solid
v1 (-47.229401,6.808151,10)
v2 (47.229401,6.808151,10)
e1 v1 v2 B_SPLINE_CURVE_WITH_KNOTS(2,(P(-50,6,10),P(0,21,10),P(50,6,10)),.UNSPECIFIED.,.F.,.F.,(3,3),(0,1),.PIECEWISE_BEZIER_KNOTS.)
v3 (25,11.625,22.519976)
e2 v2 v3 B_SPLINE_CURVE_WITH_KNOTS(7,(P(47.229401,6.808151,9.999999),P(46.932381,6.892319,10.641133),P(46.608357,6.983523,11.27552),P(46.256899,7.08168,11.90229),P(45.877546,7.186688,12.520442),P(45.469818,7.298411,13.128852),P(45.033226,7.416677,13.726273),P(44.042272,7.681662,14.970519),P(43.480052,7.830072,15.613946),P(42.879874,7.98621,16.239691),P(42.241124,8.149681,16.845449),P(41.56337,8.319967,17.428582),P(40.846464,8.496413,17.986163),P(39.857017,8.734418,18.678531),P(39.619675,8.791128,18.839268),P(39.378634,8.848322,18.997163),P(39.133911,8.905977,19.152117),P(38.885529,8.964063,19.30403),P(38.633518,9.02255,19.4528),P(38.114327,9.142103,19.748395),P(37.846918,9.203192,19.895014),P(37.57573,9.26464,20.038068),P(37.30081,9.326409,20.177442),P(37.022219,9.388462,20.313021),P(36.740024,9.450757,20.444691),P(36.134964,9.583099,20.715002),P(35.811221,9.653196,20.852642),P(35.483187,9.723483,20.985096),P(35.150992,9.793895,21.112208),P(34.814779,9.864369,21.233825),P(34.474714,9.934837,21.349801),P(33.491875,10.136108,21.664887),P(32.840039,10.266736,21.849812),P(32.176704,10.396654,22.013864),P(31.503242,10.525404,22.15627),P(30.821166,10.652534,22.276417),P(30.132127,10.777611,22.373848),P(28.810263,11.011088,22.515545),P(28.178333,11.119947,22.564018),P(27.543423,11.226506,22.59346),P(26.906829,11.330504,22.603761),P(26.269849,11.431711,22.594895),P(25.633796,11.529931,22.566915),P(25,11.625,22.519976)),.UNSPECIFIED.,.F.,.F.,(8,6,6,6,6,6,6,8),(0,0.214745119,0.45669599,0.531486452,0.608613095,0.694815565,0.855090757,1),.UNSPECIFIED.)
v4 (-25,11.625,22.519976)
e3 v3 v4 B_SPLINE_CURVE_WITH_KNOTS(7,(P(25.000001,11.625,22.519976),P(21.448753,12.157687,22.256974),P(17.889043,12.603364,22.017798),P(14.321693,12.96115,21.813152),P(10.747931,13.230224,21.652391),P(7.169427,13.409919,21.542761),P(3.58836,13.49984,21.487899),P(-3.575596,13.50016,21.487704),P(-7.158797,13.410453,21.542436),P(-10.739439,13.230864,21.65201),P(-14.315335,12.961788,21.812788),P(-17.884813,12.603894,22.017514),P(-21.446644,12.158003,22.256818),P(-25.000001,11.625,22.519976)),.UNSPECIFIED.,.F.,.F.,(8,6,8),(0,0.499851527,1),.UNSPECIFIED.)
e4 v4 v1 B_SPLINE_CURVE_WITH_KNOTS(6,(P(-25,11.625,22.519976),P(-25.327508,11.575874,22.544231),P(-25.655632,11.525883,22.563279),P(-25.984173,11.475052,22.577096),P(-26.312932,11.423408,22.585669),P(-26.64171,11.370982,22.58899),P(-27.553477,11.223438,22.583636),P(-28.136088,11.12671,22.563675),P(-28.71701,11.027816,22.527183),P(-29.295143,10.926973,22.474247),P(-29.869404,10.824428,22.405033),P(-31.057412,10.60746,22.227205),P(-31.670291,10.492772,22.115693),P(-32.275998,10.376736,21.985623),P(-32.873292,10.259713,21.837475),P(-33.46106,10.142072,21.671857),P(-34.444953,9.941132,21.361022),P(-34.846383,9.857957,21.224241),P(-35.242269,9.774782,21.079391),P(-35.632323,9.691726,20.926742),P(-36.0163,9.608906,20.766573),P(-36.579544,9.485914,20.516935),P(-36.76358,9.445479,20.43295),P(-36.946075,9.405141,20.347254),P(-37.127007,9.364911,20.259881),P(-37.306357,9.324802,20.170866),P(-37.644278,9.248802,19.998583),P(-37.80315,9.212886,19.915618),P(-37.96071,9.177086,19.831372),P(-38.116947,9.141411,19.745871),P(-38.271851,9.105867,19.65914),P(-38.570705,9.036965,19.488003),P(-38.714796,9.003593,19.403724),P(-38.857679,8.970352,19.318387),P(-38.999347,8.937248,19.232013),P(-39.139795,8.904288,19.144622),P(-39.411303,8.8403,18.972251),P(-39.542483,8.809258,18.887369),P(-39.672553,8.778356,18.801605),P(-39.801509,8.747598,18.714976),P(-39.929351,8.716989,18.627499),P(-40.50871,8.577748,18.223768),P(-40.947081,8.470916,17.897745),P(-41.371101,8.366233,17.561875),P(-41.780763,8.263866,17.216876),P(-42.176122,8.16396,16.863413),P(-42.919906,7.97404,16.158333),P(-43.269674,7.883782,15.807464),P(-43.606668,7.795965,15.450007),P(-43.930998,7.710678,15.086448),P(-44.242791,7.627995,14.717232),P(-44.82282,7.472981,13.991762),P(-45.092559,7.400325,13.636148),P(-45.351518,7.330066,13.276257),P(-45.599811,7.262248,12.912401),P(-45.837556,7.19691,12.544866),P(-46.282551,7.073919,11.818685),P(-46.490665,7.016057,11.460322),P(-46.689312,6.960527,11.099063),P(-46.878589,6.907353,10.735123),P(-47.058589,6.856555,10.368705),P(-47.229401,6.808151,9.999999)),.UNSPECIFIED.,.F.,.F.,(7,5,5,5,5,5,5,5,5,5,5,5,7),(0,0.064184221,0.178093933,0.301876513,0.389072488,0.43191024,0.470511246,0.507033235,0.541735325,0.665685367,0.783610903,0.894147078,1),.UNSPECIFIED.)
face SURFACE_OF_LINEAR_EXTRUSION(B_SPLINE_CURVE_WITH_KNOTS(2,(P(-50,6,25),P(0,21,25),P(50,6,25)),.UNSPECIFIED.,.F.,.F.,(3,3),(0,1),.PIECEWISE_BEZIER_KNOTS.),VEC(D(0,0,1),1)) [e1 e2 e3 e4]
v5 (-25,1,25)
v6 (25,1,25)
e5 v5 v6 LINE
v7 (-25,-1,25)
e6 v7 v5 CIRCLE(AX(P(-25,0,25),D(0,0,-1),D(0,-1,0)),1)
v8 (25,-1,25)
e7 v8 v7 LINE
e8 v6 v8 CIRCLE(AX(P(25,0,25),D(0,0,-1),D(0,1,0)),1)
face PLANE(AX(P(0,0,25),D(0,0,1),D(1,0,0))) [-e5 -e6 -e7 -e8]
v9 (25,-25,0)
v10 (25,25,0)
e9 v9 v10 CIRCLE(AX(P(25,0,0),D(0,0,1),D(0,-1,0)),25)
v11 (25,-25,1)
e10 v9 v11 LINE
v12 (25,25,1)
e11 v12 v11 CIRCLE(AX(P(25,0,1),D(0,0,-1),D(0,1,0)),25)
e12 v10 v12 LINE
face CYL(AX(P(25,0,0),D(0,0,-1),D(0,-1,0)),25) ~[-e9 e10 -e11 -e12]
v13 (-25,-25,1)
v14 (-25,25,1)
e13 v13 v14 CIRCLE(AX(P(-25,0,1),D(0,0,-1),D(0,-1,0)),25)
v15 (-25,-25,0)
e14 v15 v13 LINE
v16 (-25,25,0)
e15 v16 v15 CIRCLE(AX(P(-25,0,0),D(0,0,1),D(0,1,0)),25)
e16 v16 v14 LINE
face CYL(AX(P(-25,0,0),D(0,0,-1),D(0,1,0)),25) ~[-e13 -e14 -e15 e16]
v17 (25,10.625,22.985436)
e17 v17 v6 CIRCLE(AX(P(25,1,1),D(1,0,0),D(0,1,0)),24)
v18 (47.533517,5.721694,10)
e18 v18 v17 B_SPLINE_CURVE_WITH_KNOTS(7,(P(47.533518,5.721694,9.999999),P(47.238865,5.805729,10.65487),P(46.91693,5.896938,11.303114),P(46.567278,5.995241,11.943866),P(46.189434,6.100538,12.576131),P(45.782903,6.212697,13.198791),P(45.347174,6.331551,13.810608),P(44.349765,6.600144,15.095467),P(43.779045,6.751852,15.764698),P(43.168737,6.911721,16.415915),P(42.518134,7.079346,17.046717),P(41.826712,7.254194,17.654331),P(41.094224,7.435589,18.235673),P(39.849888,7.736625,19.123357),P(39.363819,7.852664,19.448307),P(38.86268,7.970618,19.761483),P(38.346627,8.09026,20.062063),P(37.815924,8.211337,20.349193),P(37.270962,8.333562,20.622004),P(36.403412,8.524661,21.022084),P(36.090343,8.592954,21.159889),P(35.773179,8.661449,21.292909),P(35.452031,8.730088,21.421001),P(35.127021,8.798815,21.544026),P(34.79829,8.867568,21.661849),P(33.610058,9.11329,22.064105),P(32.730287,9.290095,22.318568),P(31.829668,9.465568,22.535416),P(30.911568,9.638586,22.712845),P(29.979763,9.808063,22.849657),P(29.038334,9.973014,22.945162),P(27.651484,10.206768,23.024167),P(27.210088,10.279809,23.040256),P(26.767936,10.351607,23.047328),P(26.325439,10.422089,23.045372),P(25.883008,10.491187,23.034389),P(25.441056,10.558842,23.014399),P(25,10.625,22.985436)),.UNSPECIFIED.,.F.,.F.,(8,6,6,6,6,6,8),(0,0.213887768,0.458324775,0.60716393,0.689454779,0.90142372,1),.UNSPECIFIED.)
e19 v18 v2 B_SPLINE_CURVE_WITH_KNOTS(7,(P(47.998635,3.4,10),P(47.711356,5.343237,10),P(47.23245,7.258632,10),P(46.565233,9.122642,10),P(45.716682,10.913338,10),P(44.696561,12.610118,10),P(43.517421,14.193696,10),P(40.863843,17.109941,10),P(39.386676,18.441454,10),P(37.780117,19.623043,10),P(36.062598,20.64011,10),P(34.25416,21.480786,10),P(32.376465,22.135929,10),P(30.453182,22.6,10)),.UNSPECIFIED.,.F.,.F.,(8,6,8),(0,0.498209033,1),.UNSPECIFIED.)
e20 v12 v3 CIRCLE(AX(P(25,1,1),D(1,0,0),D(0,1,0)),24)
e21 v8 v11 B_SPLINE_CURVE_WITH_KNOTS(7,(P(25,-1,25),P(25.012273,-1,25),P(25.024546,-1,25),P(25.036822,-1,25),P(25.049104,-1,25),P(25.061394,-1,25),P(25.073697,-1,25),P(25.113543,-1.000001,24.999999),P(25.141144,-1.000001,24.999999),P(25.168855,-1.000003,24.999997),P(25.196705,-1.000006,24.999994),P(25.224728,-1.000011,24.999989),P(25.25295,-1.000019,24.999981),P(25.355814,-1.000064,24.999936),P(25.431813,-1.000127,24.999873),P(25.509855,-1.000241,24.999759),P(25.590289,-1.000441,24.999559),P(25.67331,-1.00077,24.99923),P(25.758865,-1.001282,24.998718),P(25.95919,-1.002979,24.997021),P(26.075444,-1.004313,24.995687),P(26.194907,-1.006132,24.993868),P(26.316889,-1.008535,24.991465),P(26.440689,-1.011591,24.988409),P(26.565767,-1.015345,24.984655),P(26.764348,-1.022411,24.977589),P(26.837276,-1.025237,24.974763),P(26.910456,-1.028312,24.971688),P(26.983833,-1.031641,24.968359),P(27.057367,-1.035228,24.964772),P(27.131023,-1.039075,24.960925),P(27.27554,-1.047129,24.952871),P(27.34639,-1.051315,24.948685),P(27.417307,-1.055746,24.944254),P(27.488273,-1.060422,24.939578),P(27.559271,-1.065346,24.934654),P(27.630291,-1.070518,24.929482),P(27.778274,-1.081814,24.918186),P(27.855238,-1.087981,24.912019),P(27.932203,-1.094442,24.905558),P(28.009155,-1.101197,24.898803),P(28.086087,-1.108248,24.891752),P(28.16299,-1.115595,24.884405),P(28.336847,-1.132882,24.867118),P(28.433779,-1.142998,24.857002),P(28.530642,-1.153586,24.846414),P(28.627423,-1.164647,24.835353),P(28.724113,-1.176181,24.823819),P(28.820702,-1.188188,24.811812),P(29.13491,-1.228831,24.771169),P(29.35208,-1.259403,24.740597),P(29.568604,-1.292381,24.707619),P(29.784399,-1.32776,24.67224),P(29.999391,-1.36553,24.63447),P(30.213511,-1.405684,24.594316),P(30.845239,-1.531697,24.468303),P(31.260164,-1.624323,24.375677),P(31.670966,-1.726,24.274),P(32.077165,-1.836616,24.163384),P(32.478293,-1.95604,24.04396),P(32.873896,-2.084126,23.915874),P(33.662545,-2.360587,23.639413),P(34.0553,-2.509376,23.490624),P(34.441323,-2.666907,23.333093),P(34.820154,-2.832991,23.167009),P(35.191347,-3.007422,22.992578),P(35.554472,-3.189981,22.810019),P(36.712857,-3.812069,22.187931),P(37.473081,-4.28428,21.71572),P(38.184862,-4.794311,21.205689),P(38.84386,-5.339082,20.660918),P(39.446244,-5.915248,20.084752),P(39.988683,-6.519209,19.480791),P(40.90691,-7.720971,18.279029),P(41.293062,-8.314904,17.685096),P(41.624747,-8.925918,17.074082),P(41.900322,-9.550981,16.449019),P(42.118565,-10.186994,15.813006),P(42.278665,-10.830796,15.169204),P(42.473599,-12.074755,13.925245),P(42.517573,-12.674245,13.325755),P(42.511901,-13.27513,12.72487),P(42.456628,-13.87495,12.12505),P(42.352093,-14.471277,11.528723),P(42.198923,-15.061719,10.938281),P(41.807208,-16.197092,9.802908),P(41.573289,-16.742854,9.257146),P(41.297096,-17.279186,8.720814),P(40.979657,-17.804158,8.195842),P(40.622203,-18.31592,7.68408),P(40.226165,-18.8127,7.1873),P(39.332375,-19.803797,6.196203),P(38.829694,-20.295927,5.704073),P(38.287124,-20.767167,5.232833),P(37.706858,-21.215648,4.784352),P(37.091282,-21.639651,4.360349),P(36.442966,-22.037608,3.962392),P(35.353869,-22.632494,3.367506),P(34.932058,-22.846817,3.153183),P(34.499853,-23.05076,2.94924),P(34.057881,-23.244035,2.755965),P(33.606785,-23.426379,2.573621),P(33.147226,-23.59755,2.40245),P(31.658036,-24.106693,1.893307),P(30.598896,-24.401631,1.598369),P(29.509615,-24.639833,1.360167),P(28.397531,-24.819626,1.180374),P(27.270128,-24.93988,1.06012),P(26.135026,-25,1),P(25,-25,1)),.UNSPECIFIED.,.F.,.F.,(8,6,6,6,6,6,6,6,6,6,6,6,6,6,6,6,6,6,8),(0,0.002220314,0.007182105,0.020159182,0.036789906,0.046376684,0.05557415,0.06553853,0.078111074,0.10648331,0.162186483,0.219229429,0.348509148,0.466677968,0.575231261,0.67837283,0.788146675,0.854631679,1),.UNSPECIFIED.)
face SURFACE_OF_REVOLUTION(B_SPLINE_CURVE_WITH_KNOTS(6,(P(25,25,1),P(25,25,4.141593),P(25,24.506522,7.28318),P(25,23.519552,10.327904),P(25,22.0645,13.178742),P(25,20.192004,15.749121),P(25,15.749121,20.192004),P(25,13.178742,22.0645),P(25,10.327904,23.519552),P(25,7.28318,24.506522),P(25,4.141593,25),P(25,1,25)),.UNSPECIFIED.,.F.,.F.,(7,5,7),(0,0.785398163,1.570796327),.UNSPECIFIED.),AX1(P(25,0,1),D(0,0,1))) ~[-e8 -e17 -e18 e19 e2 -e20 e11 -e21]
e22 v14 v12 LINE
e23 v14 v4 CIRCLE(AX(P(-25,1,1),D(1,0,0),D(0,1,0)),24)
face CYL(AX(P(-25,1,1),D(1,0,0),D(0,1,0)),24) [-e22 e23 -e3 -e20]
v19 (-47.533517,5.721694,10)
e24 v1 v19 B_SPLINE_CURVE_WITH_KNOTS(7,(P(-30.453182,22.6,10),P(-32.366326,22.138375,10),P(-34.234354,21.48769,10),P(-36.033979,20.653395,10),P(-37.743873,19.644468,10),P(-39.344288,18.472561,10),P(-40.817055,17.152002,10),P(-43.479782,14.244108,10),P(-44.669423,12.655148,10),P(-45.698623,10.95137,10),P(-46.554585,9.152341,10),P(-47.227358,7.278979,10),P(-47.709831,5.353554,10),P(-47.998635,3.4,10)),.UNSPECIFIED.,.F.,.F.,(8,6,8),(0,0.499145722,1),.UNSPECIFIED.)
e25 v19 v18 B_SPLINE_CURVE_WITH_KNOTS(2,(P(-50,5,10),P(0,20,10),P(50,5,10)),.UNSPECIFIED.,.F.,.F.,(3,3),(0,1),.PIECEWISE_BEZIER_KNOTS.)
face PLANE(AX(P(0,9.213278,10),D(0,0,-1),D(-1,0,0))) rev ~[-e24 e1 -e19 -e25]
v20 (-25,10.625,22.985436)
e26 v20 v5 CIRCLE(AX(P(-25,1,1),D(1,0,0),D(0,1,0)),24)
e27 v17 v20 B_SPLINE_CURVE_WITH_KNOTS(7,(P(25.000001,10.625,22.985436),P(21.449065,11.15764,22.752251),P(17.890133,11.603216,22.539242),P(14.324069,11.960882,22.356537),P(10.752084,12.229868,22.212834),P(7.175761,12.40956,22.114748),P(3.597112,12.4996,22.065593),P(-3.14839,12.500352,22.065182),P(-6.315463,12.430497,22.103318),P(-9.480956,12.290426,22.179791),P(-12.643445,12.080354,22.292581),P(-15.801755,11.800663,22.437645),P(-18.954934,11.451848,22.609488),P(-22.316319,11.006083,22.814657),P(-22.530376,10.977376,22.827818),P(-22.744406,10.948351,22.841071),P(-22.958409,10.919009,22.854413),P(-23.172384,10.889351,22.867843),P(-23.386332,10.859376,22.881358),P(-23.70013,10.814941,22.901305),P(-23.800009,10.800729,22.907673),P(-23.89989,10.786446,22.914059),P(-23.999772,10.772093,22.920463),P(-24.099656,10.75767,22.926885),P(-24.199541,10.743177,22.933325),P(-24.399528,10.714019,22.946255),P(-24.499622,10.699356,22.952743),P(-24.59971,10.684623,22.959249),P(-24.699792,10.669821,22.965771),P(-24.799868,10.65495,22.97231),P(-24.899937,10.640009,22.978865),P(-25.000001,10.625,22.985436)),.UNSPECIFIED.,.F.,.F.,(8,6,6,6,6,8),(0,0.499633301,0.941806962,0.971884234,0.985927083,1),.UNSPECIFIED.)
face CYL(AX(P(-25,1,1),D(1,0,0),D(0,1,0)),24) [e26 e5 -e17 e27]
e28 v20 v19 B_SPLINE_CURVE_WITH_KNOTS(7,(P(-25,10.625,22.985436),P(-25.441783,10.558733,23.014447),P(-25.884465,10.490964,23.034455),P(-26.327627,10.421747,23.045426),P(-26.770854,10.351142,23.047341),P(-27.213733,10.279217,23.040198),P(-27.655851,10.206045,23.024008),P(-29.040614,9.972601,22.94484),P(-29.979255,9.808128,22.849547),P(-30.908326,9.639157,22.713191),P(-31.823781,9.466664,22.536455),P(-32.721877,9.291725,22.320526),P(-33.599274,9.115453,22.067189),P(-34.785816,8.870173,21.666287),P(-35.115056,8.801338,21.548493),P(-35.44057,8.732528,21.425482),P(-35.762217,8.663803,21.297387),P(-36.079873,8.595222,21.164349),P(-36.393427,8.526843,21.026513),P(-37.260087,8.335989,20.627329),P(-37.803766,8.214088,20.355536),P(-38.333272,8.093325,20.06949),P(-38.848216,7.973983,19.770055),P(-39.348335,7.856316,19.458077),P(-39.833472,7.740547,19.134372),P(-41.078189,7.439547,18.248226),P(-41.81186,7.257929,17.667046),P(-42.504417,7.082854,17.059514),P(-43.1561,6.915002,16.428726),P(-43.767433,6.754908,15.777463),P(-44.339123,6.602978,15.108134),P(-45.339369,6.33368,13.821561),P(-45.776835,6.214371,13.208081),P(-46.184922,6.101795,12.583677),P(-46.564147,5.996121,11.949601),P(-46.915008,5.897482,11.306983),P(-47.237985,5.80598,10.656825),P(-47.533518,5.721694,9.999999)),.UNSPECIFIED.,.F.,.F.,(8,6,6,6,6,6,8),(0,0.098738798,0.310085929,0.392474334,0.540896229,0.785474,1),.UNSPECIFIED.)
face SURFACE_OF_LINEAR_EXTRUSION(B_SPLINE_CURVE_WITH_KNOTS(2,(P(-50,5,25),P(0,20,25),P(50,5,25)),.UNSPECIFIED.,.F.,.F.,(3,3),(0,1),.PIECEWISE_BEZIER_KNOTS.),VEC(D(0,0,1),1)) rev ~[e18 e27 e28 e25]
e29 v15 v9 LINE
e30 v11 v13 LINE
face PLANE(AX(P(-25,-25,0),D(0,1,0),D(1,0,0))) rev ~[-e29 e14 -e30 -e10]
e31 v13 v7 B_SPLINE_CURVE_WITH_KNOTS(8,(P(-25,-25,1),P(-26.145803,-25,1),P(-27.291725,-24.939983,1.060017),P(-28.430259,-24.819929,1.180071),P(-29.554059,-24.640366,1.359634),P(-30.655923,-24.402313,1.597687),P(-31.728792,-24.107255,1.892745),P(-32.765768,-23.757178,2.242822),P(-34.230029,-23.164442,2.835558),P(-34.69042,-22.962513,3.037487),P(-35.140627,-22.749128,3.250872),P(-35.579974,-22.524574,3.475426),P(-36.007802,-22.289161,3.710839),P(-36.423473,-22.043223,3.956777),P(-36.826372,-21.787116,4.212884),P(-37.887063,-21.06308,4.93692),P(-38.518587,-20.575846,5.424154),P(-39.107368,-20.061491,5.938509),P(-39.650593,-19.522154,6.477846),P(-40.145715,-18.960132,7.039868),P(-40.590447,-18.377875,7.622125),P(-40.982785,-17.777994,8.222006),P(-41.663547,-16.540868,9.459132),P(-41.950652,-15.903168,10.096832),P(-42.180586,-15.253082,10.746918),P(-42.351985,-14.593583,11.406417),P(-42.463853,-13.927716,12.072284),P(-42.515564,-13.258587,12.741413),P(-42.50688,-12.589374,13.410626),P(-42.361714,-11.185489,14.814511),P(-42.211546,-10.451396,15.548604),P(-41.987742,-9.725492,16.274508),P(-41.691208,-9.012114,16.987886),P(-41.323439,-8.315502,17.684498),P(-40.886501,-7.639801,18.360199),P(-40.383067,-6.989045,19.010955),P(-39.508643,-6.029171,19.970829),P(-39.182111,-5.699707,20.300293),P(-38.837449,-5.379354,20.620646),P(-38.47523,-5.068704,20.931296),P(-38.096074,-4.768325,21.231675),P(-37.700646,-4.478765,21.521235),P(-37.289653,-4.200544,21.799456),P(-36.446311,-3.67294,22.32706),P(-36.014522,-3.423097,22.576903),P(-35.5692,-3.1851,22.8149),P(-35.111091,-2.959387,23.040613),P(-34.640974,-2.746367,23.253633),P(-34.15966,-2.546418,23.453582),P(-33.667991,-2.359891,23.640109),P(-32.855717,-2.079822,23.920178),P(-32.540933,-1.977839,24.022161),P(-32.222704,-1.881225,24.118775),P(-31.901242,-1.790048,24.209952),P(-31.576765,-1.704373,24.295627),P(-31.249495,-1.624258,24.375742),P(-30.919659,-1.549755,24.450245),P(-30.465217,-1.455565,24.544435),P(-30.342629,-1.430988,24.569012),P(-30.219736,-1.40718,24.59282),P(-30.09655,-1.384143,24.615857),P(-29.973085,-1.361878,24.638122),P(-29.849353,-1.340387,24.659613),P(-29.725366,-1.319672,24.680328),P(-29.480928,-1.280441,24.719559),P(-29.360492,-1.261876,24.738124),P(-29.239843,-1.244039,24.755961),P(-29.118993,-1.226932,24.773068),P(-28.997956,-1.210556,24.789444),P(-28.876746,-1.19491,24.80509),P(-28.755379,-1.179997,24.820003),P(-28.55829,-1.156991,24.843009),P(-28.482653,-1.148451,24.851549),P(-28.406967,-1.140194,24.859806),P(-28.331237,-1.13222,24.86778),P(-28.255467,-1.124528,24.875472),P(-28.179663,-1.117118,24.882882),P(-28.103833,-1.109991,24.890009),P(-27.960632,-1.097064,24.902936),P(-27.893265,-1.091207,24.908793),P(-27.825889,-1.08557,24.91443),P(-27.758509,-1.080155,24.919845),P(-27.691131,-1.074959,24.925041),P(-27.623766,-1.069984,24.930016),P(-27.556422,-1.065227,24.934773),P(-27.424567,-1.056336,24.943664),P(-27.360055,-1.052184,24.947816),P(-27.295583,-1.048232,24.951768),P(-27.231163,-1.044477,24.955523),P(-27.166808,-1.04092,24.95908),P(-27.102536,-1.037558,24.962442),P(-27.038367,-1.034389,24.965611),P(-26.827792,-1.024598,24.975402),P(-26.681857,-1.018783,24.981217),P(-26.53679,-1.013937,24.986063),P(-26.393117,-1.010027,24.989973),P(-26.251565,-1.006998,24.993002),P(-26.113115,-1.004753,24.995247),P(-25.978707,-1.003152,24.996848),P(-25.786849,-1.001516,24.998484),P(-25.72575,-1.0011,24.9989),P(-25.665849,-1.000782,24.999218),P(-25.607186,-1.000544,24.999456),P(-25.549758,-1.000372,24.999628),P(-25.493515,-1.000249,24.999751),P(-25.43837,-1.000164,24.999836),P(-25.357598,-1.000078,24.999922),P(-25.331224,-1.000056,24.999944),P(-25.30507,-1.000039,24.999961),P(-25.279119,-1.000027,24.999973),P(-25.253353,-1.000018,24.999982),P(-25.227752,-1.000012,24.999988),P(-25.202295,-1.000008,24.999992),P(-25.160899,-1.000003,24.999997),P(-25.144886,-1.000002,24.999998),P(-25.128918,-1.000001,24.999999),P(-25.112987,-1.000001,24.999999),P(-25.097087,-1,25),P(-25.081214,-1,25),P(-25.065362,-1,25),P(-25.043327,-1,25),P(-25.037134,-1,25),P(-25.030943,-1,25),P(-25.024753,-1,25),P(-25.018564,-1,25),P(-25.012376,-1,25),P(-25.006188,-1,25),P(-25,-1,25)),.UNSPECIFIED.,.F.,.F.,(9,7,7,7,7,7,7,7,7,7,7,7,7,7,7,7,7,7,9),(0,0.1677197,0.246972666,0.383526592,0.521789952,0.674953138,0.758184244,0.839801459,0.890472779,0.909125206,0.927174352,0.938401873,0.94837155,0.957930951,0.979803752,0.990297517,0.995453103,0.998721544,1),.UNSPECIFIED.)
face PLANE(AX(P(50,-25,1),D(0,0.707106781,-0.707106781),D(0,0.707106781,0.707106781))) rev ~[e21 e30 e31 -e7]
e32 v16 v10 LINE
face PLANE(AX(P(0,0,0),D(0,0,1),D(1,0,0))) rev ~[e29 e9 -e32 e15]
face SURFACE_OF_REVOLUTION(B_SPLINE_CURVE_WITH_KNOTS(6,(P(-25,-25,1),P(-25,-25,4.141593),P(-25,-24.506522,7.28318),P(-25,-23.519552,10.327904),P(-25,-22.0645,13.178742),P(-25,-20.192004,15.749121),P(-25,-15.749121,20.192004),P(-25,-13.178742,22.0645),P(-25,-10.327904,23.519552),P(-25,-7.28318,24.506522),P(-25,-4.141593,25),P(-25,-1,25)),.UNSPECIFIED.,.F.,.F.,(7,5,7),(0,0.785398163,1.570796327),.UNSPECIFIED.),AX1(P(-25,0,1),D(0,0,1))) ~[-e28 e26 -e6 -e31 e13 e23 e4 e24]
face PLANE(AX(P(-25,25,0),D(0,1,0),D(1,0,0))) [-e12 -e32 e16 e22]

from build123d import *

# Parameters (mm, degrees)
PAD_DEPTH       = 25
FILLET_R        = 24
POCKET_DEPTH    = 100
POCKET001_DEPTH = 15


with BuildPart() as part:
    # Sketch → Pad (new body)
    with BuildSketch(Plane.XY):
        with BuildLine():
            ThreePointArc((-25, 25), (-50, 0), (-25, -25))
            Line((-25, -25), (25, -25))
            ThreePointArc((25, -25), (50, 0), (25, 25))
            Line((-25, 25), (25, 25))
        make_face()
    extrude(amount=PAD_DEPTH)

    # Fillet
    fillet_edges = [part.edges().sort_by_distance(p)[0] for p in [
        (0, 25, 25),
    ]]
    fillet(fillet_edges, radius=FILLET_R)

    # Sketch001 → Pocket (cut)
    with BuildSketch(Plane.YZ.offset(50)):
        Polygon((-25, 1), (0, 26), (-25, 26), align=None)
    extrude(amount=-POCKET_DEPTH, mode=Mode.SUBTRACT)

    # Sketch002 → Pocket001 (cut)
    with BuildSketch(Plane.XY.offset(25)):
        with BuildLine():
            Line((-50, 5), (-50, 6))
            add(Edge.make_bspline(
                [(-50, 6), (0, 21), (50, 6)],
                knots=[0, 0, 0, 1, 1, 1], degree=2))
            Line((50, 6), (50, 5))
            add(Edge.make_bspline(
                [(-50, 5), (0, 20), (50, 5)],
                knots=[0, 0, 0, 1, 1, 1], degree=2))
        make_face()
    extrude(amount=-POCKET001_DEPTH, mode=Mode.SUBTRACT)


solid = part.part
